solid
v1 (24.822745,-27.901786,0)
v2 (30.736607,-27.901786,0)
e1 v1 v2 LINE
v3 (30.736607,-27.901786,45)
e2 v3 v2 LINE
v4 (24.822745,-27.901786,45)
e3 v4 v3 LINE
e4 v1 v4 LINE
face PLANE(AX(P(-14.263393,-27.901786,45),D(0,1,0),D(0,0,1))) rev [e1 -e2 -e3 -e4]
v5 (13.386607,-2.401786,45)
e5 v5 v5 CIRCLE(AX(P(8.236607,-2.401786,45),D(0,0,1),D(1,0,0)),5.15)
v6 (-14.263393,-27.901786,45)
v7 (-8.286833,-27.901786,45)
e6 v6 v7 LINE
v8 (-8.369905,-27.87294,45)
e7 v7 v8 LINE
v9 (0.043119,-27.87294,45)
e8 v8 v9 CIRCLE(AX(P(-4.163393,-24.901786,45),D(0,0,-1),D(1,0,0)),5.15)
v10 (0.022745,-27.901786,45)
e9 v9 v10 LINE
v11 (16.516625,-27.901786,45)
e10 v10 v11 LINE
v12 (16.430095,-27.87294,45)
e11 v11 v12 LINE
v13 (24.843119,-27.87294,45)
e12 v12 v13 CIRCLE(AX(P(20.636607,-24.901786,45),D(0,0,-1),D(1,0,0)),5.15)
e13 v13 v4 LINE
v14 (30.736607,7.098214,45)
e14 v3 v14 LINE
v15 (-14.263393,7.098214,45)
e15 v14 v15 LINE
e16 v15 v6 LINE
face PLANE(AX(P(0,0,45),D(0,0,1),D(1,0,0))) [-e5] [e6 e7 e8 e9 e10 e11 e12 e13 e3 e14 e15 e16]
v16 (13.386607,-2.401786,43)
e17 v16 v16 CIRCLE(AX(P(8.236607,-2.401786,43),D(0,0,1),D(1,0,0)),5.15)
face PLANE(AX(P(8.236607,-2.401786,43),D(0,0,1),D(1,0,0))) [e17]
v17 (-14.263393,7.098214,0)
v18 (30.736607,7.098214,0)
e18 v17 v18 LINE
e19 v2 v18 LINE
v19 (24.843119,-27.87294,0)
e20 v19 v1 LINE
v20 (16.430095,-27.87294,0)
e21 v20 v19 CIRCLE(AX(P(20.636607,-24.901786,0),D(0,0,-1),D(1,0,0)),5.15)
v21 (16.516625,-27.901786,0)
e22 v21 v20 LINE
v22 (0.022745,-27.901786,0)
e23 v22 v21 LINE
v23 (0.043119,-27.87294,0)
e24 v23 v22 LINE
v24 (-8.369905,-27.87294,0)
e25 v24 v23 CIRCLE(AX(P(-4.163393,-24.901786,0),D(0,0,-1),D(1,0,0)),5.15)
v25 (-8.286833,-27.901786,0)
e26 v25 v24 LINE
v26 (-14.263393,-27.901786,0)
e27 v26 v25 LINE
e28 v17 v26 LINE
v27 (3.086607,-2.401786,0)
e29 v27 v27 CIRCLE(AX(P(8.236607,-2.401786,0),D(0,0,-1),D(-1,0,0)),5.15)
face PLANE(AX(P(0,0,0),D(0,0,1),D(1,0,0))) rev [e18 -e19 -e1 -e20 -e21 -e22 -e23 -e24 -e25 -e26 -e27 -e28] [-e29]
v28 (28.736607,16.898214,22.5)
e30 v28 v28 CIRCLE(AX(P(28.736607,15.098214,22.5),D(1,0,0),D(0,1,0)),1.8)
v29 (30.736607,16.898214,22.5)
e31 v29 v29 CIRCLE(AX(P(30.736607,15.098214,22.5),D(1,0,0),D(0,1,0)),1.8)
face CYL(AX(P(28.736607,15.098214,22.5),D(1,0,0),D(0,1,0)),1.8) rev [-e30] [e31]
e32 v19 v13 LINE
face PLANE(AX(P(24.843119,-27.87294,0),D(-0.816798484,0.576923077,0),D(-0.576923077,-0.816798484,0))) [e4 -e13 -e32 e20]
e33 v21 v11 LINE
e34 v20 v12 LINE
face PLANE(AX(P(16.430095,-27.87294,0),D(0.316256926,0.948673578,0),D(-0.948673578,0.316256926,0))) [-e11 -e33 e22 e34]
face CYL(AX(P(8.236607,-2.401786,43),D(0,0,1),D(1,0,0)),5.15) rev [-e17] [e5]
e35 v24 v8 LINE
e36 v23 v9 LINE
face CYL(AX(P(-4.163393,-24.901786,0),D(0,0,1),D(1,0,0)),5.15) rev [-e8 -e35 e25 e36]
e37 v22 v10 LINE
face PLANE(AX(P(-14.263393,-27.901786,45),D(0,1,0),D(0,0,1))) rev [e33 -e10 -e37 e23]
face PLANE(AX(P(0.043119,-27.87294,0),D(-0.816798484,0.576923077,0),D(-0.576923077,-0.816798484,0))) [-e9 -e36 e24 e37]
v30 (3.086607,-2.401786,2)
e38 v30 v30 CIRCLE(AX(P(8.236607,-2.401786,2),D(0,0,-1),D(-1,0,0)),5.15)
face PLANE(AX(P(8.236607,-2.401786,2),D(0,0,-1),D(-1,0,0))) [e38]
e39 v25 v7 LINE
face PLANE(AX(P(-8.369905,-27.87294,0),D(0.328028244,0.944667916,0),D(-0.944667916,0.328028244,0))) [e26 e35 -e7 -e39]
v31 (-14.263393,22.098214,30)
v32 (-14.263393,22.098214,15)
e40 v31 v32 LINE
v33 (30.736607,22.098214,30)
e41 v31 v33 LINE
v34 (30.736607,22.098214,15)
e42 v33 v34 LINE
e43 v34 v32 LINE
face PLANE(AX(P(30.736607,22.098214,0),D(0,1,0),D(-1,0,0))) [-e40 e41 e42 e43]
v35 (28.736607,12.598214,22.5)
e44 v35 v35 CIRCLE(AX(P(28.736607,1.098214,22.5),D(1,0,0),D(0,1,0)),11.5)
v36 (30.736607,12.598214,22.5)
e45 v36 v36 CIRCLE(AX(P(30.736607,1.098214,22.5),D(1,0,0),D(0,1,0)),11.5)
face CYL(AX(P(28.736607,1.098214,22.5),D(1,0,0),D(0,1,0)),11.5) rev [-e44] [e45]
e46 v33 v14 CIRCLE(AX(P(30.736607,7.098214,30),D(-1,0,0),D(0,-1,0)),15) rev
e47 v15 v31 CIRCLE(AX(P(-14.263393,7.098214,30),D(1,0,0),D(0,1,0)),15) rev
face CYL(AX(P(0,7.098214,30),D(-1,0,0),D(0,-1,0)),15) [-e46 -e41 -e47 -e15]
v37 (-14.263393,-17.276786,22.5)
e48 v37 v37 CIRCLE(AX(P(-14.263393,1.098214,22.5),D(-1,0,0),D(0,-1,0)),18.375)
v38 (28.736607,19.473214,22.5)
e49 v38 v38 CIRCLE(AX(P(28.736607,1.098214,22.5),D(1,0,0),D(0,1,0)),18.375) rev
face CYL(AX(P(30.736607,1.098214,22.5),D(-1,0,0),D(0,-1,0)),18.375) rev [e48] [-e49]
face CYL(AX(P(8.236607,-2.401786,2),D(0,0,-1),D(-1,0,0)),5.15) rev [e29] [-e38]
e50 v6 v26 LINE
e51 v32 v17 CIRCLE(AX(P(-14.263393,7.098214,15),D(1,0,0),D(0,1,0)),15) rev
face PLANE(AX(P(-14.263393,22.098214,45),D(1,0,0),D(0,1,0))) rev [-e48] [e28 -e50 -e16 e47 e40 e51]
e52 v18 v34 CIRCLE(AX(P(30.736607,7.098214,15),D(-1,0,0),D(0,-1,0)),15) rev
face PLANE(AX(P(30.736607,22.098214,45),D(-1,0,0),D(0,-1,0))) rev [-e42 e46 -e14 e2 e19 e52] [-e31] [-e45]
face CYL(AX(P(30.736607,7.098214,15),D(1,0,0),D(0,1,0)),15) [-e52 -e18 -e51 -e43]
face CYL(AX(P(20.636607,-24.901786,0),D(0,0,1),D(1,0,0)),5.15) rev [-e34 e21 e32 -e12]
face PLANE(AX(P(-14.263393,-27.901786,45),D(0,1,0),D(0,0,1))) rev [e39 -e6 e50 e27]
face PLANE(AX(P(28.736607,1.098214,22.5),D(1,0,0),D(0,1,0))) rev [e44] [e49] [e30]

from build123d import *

# Parameters (mm, degrees)
SKETCH1_W           = 45
SKETCH1_H           = 50
BOSS_EXTRUDE1_DEPTH = 45
SKETCH2_R           = 5.2
CUT_EXTRUDE1_DEPTH  = 45
SKETCH9_R           = 5.15
CUT_EXTRUDE6_DEPTH  = 2
SKETCH10_R          = 5.15
CUT_EXTRUDE7_DEPTH  = 2
SKETCH12_R          = 18.375
CUT_EXTRUDE8_DEPTH  = 45
SKETCH13_W          = 45
SKETCH13_H          = 6.66747138
CUT_EXTRUDE9_DEPTH  = 46
SKETCH14_W          = 45
SKETCH14_H          = 6.66747138
BOSS_EXTRUDE2_DEPTH = 45
SKETCH15_R          = 18.375
CUT_EXTRUDE10_DEPTH = 45
FILLET1_R           = 15
SKETCH16_R          = 18.375
BOSS_EXTRUDE3_DEPTH = 2
SKETCH17_R          = 11.5
CUT_EXTRUDE11_DEPTH = 2
SKETCH18_R          = 1.8
CUT_EXTRUDE12_DEPTH = 2
BOSS_EXTRUDE4_DEPTH = 45


with BuildPart() as part:
    # Sketch1 → Boss-Extrude1 (new body)
    with BuildSketch(Plane.XY):
        with Locations((8.236607143, -2.901785714)):
            Rectangle(SKETCH1_W, SKETCH1_H)
    extrude(amount=BOSS_EXTRUDE1_DEPTH)

    # Sketch2 → Cut-Extrude1 (cut)
    with BuildSketch(Plane.XY.offset(45)):
        with Locations((-4.163392857, -24.901785714)):
            Circle(SKETCH2_R)
        with Locations((20.636607143, -24.901785714)):
            Circle(SKETCH2_R)
    extrude(amount=-CUT_EXTRUDE1_DEPTH, mode=Mode.SUBTRACT)

    # Sketch9 → Cut-Extrude6 (cut)
    with BuildSketch(Plane.XY.offset(45)):
        with Locations((8.236607143, -2.401785714)):
            Circle(SKETCH9_R)
    extrude(amount=-CUT_EXTRUDE6_DEPTH, mode=Mode.SUBTRACT)

    # Sketch10 → Cut-Extrude7 (cut)
    with BuildSketch(Plane(origin=(0, 0, 0), x_dir=(-1, 0, 0), z_dir=(0, 0, -1))):
        with Locations((-8.236607143, -2.401785714)):
            Circle(SKETCH10_R)
    extrude(amount=-CUT_EXTRUDE7_DEPTH, mode=Mode.SUBTRACT)

    # Sketch12 → Cut-Extrude8 (cut)
    with BuildSketch(Plane.ZY.offset(14.263392857)):
        with Locations((22.5, 1.098214286)):
            Circle(SKETCH12_R)
    extrude(amount=-CUT_EXTRUDE8_DEPTH, mode=Mode.SUBTRACT)

    # Sketch13 → Cut-Extrude9 (cut)
    with BuildSketch(Plane.ZY.offset(14.263392857)):
        with Locations((22.5, 18.764478596)):
            Rectangle(SKETCH13_W, SKETCH13_H)
    extrude(amount=-CUT_EXTRUDE9_DEPTH, mode=Mode.SUBTRACT)

    # Sketch14 → Boss-Extrude2 (add)
    with BuildSketch(Plane.ZY.offset(14.263392857)):
        with Locations((22.5, 18.764478596)):
            Rectangle(SKETCH14_W, SKETCH14_H)
    extrude(amount=-BOSS_EXTRUDE2_DEPTH)

    # Sketch15 → Cut-Extrude10 (cut)
    with BuildSketch(Plane.ZY.offset(14.263392857)):
        with Locations((22.5, 1.098214286)):
            Circle(SKETCH15_R)
    extrude(amount=-CUT_EXTRUDE10_DEPTH, mode=Mode.SUBTRACT)

    # Fillet1
    fillet1_edges = [part.edges().sort_by_distance(p)[0] for p in [
        (8.236607143, 22.098214286, 0),
        (8.236607143, 22.098214286, 45),
    ]]
    fillet(fillet1_edges, radius=FILLET1_R)

    # Sketch16 → Boss-Extrude3 (add)
    with BuildSketch(Plane(origin=(30.736607143, 0, 0), x_dir=(0, 0, -1), z_dir=(1, 0, 0))):
        with Locations((-22.5, 1.098214286)):
            Circle(SKETCH16_R)
    extrude(amount=-BOSS_EXTRUDE3_DEPTH)

    # Sketch17 → Cut-Extrude11 (cut)
    with BuildSketch(Plane(origin=(30.736607143, 0, 0), x_dir=(0, 0, -1), z_dir=(1, 0, 0))):
        with Locations((-22.5, 1.098214286)):
            Circle(SKETCH17_R)
    extrude(amount=-CUT_EXTRUDE11_DEPTH, mode=Mode.SUBTRACT)

    # Sketch18 → Cut-Extrude12 (cut)
    with BuildSketch(Plane(origin=(30.736607143, 0, 0), x_dir=(0, 0, -1), z_dir=(1, 0, 0))):
        with Locations((-22.5, 15.098214286)):
            Circle(SKETCH18_R)
    extrude(amount=-CUT_EXTRUDE12_DEPTH, mode=Mode.SUBTRACT)

    # Sketch19 → Boss-Extrude4 (add)
    with BuildSketch(Plane.XY.offset(45)):
        with BuildLine():
            Line((0.043119335, -27.87293956), (0.02274465, -27.901785714))
            Line((0.02274465, -27.901785714), (0.083959259, -27.901785714))
            ThreePointArc((0.083959259, -27.901785714), (-4.163392857, -19.701785714), (-8.410744973, -27.901785714))
            Line((-8.410744973, -27.901785714), (-8.286832824, -27.901785714))
            Line((-8.286832824, -27.901785714), (-8.369905049, -27.87293956))
            ThreePointArc((-8.369905049, -27.87293956), (-4.163392857, -19.751785714), (0.043119335, -27.87293956))
        make_face()
        with BuildLine():
            Line((16.430094951, -27.87293956), (16.516624547, -27.901785714))
            Line((16.516624547, -27.901785714), (16.389255027, -27.901785714))
            ThreePointArc((16.389255027, -27.901785714), (20.636607143, -19.701785714), (24.883959259, -27.901785714))
            Line((24.883959259, -27.901785714), (24.82274465, -27.901785714))
            Line((24.82274465, -27.901785714), (24.843119335, -27.87293956))
            ThreePointArc((24.843119335, -27.87293956), (20.636607143, -19.751785714), (16.430094951, -27.87293956))
        make_face()
    extrude(amount=-BOSS_EXTRUDE4_DEPTH)


solid = part.part
